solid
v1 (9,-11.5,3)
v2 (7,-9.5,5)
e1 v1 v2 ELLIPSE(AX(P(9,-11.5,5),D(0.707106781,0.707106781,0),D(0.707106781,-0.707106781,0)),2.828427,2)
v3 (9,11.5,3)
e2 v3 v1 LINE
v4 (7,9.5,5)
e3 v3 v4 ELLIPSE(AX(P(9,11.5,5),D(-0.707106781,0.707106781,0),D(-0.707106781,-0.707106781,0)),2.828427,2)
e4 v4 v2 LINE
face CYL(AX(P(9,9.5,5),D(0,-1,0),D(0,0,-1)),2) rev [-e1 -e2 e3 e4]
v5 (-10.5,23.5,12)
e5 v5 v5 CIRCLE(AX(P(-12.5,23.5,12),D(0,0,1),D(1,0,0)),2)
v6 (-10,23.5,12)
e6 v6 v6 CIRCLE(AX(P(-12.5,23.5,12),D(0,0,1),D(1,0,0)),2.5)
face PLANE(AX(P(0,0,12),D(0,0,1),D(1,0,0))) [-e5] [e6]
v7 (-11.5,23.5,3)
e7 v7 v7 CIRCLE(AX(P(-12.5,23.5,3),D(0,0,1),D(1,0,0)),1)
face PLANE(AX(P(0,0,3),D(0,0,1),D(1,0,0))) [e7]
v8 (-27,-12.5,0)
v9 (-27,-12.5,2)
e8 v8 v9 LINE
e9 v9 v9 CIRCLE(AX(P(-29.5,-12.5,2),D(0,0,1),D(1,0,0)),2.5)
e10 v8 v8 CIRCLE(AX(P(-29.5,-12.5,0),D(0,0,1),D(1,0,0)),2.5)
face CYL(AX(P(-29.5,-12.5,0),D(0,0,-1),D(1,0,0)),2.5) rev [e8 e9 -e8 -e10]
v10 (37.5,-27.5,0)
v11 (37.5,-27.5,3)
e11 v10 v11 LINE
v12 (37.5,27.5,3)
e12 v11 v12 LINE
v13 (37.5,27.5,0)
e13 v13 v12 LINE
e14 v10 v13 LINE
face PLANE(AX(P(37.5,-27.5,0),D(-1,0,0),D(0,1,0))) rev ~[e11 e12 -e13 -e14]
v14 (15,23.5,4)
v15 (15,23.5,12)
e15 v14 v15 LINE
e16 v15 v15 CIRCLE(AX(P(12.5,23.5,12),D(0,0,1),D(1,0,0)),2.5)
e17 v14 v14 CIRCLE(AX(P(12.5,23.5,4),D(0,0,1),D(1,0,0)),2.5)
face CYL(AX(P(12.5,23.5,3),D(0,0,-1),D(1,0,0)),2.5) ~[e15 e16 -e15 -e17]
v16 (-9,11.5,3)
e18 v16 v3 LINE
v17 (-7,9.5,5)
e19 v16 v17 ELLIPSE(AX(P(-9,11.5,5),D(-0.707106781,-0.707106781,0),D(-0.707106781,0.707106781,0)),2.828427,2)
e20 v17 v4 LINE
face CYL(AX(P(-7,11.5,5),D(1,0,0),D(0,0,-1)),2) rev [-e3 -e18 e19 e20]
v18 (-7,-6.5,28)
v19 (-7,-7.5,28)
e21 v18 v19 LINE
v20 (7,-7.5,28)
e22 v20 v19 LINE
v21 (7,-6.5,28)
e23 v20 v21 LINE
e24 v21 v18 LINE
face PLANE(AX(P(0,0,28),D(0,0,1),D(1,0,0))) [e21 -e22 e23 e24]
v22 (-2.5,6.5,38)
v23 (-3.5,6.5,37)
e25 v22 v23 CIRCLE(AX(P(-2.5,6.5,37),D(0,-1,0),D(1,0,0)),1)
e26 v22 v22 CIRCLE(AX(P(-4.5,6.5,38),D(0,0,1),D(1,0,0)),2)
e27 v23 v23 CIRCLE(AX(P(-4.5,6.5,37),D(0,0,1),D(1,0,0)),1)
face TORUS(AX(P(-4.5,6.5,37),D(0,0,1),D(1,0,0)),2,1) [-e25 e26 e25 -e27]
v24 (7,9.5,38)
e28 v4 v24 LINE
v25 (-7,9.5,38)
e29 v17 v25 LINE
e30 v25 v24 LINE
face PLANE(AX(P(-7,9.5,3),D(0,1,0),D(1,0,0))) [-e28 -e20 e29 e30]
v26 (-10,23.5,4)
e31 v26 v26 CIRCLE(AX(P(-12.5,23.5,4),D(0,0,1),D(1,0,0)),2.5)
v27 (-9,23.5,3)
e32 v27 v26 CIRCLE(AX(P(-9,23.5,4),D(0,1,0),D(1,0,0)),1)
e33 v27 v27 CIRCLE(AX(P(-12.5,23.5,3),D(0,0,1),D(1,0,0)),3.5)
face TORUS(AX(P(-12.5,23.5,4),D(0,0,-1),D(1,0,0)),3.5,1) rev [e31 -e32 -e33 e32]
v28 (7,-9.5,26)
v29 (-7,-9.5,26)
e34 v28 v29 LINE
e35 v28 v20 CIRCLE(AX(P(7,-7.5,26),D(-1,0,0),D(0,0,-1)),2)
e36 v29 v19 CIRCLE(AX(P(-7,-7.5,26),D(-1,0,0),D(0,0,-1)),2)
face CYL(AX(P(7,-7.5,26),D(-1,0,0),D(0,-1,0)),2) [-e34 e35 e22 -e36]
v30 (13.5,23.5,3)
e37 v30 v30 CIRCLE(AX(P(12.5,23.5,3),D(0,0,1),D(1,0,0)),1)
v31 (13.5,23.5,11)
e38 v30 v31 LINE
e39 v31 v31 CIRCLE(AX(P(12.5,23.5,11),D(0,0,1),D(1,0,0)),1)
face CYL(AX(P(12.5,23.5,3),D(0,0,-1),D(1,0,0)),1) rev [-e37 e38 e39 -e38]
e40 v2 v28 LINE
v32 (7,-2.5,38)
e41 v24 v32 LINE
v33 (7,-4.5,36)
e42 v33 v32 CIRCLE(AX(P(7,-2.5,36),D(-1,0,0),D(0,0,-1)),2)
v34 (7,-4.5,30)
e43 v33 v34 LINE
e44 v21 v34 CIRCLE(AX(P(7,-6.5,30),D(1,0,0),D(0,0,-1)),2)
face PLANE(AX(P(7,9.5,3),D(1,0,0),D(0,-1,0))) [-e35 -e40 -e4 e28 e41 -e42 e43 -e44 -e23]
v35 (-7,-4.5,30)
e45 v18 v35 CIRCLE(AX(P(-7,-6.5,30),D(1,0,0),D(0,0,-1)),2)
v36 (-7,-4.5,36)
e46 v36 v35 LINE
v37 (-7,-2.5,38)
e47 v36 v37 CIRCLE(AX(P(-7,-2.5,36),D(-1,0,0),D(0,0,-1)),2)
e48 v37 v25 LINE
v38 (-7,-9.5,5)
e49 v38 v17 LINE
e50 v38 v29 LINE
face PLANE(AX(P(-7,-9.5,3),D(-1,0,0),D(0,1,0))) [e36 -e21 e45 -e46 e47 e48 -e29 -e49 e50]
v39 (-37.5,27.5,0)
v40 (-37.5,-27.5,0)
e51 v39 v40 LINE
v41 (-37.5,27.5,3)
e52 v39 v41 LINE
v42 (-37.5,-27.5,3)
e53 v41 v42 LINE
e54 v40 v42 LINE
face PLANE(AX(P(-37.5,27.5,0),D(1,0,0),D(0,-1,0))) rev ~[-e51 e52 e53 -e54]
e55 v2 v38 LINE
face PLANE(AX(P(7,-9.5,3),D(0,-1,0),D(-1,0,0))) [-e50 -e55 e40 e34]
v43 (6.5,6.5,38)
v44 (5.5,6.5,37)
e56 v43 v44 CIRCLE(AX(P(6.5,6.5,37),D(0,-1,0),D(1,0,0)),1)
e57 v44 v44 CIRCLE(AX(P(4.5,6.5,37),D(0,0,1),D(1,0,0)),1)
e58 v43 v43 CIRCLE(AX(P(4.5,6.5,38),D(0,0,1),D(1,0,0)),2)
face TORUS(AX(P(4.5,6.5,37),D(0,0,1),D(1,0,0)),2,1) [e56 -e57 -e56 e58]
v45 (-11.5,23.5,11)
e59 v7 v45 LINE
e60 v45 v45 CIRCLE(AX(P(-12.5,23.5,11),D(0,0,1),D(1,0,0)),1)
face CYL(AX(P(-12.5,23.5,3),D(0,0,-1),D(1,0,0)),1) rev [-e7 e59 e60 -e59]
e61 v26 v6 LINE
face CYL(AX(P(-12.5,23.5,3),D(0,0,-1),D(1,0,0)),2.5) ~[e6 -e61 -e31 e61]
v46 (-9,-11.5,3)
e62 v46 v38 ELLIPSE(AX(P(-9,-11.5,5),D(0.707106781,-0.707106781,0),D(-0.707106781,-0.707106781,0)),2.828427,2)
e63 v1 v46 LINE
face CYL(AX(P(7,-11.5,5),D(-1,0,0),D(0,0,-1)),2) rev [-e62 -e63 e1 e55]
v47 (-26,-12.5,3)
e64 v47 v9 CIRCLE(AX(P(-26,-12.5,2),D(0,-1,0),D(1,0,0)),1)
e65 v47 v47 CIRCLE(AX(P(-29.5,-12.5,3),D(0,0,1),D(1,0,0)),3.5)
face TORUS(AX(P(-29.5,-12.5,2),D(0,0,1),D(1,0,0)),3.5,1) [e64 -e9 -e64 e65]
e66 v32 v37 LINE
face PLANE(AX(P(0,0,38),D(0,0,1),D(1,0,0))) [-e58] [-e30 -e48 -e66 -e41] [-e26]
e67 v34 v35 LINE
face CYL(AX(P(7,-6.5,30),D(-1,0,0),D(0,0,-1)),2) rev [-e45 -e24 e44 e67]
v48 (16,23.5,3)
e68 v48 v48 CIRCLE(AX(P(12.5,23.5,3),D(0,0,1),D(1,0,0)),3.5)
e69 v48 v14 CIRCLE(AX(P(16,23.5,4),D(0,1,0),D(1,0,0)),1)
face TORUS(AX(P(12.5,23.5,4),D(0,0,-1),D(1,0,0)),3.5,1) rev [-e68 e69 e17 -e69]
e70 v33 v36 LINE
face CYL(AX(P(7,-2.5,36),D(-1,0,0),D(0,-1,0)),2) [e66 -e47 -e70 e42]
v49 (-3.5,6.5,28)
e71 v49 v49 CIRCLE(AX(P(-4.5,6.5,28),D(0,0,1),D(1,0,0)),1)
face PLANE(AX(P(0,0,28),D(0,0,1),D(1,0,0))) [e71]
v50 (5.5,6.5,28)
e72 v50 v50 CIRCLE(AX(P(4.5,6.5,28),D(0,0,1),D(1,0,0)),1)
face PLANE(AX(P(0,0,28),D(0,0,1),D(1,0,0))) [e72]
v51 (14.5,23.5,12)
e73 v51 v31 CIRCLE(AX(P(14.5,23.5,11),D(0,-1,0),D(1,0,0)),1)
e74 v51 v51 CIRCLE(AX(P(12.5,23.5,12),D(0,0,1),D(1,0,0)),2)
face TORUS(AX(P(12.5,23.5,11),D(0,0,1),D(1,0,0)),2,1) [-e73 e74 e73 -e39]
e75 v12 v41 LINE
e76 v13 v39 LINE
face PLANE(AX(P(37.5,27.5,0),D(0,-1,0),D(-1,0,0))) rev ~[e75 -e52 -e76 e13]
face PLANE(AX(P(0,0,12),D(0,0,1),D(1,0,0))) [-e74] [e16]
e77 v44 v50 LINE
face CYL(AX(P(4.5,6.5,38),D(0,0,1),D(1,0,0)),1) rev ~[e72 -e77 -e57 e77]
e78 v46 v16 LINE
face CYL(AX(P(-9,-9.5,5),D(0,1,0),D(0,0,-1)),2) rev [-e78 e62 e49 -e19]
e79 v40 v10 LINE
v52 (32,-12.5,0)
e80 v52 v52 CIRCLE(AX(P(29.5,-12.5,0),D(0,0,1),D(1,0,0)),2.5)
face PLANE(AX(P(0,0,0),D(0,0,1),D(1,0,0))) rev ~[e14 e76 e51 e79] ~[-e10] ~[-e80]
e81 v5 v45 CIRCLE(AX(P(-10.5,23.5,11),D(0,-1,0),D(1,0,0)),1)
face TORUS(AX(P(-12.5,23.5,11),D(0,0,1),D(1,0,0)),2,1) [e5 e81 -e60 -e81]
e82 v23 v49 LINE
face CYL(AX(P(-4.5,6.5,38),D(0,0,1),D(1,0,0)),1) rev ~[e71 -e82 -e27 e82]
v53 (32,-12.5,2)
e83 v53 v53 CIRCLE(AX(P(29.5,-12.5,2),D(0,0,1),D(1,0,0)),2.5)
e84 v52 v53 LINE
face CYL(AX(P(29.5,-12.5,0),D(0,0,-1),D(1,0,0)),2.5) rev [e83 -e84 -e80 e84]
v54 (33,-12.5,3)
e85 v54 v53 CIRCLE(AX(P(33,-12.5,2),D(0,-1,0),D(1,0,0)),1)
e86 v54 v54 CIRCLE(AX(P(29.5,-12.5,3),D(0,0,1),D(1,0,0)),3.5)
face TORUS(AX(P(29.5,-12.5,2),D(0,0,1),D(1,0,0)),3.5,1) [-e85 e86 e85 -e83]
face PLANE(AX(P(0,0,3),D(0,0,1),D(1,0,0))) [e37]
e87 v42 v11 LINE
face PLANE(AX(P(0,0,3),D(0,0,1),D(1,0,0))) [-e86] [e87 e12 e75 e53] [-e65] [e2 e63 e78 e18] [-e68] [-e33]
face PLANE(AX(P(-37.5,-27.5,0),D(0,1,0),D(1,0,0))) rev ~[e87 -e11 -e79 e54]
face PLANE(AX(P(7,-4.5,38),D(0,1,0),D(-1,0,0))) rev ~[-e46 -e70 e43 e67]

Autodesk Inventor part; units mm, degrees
ref_plane "YZ Plane" through (0, 0, 0) normal (1, 0, 0) x (0, 1, 0)
ref_plane "XZ Plane" through (0, 0, 0) normal (0, 1, 0) x (-1, 0, 0)
ref_plane "XY Plane" through (0, 0, 0) normal (0, 0, 1) x (1, 0, 0)
sketch "Szkic1" plane through (0, 0, 0) normal (0, 0, 1) x (1, 0, 0)
  line L0 (-37.5, -27.5) -> (37.5, -27.5)
  line L1 (37.5, -27.5) -> (37.5, 27.5)
  line L2 (37.5, 27.5) -> (-37.5, 27.5)
  line L3 (-37.5, 27.5) -> (-37.5, -27.5)
  line L4 (-37.5, -27.5) -> (37.5, 27.5) construction
  line L5 (37.5, -27.5) -> (-37.5, 27.5) construction
  circle A0 centre (-29.5, -12.5) radius 2.5
  circle A1 centre (29.5, -12.5) radius 2.5
  point P0 (0, 0)
  dimension "d0" = 75
  dimension "d1" = 55
  dimension "d2" = 5
  dimension "d3" = 5
extrude "Wyciągnięcie proste1" add sketch "Szkic1" along normal blind 3
sketch "Szkic2" plane through (0, 0, 3) normal (0, 0, 1) x (1, 0, 0)
  line L0 (-7, 9.5) -> (7, 9.5)
  line L1 (7, 9.5) -> (7, -9.5)
  line L2 (7, -9.5) -> (-7, -9.5)
  line L3 (-7, -9.5) -> (-7, 9.5)
  line L4 (-7, 9.5) -> (7, -9.5) construction
  line L5 (7, 9.5) -> (-7, -9.5) construction
  point P0 (0, 0)
  dimension "d6" = 14
  dimension "d7" = 19
extrude "Wyciągnięcie proste2" add sketch "Szkic2" along normal blind 35
sketch "Szkic3" plane through (0, 0, 38) normal (0, 0, 1) x (1, 0, 0)
  circle A0 centre (-4.5, 6.5) radius 1
  circle A1 centre (4.5, 6.5) radius 1
  line L0 (7, -9.5) -> (-7, -9.5) projected
  line L1 (7, -9.5) -> (7, 9.5) projected
  line L2 (-7, -9.5) -> (7, -9.5)
  line L3 (7, -9.5) -> (7, -4.5)
  line L4 (7, -4.5) -> (-7, -4.5)
  line L5 (-7, -4.5) -> (-7, -9.5)
  point P0 (0, 0)
  dimension "d10" = 2
  dimension "d11" = 2
  dimension "d15" = 5
extrude "Wyciągnięcie proste3" cut sketch "Szkic3" against normal blind 10
fillet "Zaokrąglenie1" radius 2 4 edges at (7, 0, 3) (0, -9.5, 3) (-7, 0, 3) (0, 9.5, 3)
fillet "Zaokrąglenie2" radius 2 3 edges at (0, -4.5, 38) (0, -4.5, 28) (0, -9.5, 28)
sketch "Szkic4" plane through (0, 0, 3) normal (0, 0, 1) x (1, 0, 0)
  line L0 (9, 11.5) -> (-9, 11.5) projected
  circle A0 centre (12.5, 23.5) radius 2.5
  circle A1 centre (-12.5, 23.5) radius 2.5
  circle A2 centre (-12.5, 23.5) radius 1
  circle A3 centre (12.5, 23.5) radius 1
  point P0 (0, 0)
  dimension "d19" = 5
  dimension "d21" = 5
  dimension "d22" = 2
  dimension "d23" = 2
extrude "Wyciągnięcie proste4" add sketch "Szkic4" along normal blind 9
fillet "Zaokrąglenie3" radius 1 8 edges at (-15, 23.5, 3) (10, 23.5, 3) (11.5, 23.5, 12) (-13.5, 23.5, 12) (-5.5, 6.5, 38) (3.5, 6.5, 38) (-32, -12.5, 3) (27, -12.5, 3)
properties part number "BottomMount"
